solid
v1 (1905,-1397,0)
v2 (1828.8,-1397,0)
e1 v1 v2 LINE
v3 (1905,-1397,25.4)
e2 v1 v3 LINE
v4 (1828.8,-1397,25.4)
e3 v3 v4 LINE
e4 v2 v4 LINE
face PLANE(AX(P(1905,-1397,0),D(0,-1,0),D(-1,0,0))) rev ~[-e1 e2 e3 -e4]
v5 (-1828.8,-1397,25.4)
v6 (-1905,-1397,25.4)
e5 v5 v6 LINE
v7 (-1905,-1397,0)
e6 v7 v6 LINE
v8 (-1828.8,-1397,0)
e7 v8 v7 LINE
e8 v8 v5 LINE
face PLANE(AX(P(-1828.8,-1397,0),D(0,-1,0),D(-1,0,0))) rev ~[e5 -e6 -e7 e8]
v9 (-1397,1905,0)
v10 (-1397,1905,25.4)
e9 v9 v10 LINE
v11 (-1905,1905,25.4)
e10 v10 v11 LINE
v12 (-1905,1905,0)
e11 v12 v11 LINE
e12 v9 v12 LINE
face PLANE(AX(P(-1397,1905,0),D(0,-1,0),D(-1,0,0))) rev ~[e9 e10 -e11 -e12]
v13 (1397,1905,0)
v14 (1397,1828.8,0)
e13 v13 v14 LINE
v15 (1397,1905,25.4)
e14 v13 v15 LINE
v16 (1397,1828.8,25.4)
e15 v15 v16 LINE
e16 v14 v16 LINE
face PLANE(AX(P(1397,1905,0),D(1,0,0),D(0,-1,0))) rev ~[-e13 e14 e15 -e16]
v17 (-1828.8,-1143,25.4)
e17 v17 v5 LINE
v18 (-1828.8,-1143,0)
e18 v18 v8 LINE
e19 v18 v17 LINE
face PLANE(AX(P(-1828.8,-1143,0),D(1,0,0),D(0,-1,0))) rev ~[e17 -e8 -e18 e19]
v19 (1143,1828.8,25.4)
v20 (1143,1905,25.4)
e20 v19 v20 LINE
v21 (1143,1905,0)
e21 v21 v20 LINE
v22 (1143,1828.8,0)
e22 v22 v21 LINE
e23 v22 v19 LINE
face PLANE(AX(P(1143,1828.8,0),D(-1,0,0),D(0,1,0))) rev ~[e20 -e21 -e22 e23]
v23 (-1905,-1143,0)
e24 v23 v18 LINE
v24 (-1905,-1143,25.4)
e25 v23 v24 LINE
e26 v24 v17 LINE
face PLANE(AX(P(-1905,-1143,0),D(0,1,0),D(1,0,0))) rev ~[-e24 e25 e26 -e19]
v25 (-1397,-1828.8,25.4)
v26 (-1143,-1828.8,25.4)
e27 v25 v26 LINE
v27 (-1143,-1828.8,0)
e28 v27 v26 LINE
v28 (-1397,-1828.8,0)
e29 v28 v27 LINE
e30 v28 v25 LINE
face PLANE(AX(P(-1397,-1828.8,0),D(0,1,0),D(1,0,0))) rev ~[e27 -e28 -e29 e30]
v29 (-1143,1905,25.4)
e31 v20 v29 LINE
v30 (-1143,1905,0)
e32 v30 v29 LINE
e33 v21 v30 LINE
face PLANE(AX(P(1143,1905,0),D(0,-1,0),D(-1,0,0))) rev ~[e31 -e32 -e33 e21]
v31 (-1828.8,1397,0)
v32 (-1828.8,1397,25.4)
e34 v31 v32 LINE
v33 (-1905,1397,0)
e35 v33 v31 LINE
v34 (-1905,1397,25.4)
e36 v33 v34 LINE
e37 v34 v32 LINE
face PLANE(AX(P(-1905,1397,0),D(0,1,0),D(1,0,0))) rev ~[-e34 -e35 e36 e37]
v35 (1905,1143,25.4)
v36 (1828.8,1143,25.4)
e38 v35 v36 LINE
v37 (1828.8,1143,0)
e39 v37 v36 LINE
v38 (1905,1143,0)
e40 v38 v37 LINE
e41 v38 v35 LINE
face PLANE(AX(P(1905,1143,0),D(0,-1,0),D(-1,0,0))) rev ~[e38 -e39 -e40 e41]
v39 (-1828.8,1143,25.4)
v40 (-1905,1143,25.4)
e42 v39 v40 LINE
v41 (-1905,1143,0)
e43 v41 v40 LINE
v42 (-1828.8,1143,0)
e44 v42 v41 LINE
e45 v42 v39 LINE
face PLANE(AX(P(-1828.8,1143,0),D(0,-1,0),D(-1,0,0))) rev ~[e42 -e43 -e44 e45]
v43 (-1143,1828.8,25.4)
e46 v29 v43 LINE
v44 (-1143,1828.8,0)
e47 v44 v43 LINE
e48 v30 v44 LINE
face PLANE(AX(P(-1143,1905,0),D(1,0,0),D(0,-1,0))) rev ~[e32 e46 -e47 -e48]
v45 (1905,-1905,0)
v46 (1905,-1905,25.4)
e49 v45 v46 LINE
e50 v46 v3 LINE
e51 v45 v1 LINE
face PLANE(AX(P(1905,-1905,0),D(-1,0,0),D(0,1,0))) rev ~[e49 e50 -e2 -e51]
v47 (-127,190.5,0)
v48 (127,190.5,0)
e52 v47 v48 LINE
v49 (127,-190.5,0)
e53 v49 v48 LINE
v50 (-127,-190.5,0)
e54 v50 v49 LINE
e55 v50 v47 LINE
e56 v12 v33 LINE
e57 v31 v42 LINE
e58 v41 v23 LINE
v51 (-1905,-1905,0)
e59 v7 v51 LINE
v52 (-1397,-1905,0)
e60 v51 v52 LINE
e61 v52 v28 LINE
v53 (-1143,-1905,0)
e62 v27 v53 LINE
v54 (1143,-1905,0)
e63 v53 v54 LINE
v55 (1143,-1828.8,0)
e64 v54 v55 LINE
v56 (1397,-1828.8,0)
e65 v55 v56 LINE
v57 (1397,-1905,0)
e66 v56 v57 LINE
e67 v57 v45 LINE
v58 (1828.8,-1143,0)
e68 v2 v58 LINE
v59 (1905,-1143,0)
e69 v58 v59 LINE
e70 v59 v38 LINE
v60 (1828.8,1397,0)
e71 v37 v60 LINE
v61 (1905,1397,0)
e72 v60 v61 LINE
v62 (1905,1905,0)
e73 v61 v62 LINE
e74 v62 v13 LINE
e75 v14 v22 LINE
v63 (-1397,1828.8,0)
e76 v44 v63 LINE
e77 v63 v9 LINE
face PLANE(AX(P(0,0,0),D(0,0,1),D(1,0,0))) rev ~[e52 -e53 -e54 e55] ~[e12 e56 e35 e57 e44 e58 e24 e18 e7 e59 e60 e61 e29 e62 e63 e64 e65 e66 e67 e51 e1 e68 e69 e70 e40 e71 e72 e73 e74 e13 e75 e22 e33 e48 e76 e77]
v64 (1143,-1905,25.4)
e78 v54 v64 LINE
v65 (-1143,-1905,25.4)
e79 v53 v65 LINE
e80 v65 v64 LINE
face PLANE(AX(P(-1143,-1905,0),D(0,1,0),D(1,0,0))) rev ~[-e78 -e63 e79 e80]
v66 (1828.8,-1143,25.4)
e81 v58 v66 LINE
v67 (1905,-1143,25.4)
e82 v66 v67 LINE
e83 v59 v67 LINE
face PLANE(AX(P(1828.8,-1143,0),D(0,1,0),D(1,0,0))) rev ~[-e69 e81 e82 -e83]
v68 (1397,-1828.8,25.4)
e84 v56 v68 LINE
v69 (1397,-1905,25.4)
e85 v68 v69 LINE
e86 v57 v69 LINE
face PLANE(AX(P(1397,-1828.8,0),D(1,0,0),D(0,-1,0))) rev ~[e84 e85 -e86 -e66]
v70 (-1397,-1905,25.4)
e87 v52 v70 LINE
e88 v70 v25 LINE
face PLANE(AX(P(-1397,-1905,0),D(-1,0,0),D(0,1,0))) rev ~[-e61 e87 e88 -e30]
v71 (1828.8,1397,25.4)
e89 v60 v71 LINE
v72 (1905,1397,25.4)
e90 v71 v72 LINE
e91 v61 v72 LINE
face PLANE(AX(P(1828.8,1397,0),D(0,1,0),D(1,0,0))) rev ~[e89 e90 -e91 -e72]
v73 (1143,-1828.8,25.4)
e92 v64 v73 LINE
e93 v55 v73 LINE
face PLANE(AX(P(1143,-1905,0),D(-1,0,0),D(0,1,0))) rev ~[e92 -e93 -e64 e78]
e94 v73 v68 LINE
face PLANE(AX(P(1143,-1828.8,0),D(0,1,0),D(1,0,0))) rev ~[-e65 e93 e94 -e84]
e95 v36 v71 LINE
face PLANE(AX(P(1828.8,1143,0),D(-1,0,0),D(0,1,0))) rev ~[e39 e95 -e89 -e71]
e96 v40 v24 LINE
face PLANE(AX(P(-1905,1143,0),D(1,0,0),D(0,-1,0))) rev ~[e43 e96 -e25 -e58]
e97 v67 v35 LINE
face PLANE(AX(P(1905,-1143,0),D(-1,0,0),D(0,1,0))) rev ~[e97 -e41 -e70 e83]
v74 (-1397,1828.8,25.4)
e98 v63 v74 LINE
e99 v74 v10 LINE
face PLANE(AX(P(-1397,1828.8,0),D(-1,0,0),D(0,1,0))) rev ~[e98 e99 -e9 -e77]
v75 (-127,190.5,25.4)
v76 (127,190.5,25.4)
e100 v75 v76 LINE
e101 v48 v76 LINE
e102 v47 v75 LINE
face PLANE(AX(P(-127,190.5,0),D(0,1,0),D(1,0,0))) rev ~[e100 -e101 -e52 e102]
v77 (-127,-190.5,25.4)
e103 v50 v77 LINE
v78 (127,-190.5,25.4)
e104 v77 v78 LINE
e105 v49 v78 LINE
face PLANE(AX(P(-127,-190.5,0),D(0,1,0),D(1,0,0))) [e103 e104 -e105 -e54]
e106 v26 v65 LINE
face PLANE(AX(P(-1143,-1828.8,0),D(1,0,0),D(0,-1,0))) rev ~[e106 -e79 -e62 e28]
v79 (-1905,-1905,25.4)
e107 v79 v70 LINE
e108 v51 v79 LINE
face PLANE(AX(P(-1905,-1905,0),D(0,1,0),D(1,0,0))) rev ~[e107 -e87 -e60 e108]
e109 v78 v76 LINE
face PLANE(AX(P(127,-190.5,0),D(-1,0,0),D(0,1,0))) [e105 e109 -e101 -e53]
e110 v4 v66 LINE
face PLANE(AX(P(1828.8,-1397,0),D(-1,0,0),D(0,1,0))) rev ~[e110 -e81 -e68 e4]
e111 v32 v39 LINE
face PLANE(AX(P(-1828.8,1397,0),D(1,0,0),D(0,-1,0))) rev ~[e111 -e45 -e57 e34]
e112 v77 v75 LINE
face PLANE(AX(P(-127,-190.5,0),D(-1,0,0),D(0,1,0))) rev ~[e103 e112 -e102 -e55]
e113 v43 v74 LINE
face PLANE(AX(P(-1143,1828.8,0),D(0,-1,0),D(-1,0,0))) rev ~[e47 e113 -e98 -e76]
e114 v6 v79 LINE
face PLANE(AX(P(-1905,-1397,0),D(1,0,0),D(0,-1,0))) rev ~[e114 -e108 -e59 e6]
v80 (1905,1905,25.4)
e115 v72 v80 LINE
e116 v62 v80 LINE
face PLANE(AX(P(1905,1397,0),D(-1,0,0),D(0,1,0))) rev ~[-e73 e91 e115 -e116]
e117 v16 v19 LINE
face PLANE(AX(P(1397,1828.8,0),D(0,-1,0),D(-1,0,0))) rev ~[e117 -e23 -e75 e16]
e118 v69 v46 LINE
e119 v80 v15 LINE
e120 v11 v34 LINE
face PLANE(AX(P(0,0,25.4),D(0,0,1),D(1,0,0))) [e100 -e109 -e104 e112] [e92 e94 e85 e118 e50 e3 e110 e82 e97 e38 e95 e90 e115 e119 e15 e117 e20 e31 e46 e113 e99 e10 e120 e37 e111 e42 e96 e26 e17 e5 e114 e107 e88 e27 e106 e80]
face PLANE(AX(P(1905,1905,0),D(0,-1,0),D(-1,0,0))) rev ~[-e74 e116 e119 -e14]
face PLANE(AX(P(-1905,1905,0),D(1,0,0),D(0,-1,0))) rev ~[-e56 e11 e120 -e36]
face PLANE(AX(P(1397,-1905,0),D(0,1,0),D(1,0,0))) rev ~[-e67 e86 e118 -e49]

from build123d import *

# Parameters (mm, degrees)
F0_W     = 254
F0_H     = 381
F1_DEPTH = 25.4


with BuildPart() as f1:
    # F0 (on Top) → F1 (new body)
    with BuildSketch(Plane.XY):
        Polygon((1905, 1397), (1905, 1905), (1397, 1905), (1397, 1828.8), (1143, 1828.8), (1143, 1905), (-1143, 1905), (-1143, 1828.8), (-1397, 1828.8), (-1397, 1905), (-1905, 1905), (-1905, 1397), (-1828.8, 1397), (-1828.8, 1143), (-1905, 1143), (-1905, -1143), (-1828.8, -1143), (-1828.8, -1397), (-1905, -1397), (-1905, -1905), (-1397, -1905), (-1397, -1828.8), (-1143, -1828.8), (-1143, -1905), (1143, -1905), (1143, -1828.8), (1397, -1828.8), (1397, -1905), (1905, -1905), (1905, -1397), (1828.8, -1397), (1828.8, -1143), (1905, -1143), (1905, 1143), (1828.8, 1143), (1828.8, 1397), align=None)
        Rectangle(F0_W, F0_H, mode=Mode.SUBTRACT)
    extrude(amount=F1_DEPTH)


solid = f1.part
